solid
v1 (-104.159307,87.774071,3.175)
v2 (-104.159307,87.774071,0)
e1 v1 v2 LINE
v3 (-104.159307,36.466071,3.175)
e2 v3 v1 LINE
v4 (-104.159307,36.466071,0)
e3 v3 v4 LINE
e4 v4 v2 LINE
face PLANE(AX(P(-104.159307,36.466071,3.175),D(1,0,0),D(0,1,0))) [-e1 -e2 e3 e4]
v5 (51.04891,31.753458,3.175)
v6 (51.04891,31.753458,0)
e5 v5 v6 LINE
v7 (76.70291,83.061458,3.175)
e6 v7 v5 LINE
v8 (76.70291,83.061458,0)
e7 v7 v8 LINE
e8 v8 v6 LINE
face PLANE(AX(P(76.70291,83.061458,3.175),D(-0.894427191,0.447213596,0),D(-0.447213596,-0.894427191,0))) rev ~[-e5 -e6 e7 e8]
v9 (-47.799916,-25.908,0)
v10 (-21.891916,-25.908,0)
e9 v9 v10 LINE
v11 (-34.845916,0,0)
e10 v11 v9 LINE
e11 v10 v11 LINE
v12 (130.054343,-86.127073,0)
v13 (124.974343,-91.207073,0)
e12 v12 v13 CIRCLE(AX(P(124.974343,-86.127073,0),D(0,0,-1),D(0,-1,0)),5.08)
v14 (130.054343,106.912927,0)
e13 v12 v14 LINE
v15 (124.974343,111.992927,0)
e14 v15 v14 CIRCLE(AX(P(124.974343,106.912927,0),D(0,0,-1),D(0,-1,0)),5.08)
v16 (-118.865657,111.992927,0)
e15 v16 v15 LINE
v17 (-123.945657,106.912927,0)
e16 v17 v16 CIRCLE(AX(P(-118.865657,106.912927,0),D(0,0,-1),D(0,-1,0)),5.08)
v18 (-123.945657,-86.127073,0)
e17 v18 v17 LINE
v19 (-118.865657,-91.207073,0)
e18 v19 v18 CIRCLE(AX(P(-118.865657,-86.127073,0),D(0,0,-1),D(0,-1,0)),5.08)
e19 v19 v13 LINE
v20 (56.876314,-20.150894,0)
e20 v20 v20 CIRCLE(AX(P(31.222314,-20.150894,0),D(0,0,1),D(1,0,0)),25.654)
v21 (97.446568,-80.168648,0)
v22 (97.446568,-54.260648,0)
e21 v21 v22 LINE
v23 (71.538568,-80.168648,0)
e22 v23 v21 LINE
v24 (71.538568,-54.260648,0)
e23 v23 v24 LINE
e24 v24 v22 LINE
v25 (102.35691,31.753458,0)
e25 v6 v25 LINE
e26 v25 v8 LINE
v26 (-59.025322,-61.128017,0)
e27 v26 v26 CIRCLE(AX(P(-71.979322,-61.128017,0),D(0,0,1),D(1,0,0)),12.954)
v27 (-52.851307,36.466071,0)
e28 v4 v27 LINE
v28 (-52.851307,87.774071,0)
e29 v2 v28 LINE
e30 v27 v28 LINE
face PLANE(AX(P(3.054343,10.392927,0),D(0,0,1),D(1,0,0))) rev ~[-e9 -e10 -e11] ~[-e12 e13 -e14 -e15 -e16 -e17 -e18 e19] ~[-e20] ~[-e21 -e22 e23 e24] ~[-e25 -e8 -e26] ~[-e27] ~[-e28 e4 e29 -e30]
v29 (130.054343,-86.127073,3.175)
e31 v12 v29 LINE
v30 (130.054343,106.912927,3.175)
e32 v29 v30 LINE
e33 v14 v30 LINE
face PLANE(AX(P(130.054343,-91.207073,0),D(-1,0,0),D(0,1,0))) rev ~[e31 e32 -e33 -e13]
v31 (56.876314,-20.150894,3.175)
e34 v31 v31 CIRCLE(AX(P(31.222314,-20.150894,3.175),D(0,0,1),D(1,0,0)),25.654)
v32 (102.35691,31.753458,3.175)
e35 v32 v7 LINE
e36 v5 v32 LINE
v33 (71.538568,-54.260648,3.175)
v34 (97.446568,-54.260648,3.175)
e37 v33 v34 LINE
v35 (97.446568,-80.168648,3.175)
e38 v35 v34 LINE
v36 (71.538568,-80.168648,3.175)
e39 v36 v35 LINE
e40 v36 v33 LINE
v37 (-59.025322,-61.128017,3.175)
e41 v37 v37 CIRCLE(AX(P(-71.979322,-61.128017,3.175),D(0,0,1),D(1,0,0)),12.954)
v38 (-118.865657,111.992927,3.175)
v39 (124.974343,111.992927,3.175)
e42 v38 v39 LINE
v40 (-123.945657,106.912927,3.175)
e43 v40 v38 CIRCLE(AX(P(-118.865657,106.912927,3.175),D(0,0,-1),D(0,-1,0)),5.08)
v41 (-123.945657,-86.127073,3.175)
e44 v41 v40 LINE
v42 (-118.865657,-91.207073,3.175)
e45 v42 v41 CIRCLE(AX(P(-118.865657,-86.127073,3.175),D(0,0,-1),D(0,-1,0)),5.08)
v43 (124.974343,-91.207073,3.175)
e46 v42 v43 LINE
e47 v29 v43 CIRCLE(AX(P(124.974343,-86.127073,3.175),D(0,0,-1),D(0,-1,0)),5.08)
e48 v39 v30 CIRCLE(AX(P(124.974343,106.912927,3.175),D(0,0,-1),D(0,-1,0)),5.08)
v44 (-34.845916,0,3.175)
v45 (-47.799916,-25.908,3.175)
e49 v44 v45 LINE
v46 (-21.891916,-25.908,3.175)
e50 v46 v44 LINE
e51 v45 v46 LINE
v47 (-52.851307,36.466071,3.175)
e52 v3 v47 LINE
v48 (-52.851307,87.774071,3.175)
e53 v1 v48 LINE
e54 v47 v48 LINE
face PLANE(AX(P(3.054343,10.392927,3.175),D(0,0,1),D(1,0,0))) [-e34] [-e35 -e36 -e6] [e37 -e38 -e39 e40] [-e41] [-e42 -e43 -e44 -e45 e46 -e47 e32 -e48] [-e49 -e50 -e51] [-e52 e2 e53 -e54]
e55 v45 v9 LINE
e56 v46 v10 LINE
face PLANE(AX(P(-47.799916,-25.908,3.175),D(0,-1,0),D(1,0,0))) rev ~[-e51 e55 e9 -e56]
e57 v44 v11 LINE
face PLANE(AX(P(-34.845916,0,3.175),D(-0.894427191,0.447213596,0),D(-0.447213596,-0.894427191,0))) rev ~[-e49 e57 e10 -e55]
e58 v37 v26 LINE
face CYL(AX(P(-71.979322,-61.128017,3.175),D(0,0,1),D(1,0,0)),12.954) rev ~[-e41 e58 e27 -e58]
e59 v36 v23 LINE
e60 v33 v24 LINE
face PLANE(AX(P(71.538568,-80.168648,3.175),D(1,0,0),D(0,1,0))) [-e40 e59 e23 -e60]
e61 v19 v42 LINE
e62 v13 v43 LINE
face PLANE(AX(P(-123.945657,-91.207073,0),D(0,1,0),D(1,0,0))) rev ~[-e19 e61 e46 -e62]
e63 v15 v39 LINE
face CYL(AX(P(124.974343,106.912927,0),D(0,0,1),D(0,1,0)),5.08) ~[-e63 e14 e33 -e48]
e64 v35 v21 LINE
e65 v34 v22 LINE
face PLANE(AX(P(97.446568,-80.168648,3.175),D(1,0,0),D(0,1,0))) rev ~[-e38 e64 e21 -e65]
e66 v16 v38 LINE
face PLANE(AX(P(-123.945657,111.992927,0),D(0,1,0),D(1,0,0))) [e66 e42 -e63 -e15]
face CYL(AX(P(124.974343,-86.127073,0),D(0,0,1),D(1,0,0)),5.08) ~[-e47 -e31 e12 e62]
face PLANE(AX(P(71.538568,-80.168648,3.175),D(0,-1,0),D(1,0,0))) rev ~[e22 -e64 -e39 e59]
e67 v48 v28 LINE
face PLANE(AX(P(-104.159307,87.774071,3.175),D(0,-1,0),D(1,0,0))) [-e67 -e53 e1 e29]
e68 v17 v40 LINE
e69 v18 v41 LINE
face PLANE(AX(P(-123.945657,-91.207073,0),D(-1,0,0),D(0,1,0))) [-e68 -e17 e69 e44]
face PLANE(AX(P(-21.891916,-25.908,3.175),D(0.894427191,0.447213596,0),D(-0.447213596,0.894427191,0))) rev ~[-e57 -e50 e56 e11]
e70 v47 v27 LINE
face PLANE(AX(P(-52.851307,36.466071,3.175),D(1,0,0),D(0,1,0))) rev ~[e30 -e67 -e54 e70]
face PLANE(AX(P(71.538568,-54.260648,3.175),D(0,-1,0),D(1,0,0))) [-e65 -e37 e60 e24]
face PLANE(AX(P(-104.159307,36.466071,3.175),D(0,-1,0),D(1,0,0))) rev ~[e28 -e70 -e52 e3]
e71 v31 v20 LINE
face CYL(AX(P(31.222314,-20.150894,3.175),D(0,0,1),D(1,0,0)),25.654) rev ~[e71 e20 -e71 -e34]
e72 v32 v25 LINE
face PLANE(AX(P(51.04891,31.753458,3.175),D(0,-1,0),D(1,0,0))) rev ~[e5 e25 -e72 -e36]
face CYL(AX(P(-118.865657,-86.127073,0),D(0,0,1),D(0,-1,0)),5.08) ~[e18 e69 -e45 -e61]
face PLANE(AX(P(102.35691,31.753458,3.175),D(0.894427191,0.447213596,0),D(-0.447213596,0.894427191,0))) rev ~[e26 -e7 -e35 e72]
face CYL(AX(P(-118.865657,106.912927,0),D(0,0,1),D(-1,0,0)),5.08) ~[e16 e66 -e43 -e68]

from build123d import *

# Parameters (mm, degrees)
F0_W      = 254
F0_H      = 203.2
F1_DEPTH  = 3.175
F2_W      = 51.308
F2_H      = 51.308
F3_DEPTH  = 3.175
F4_W      = 25.908
F4_H      = 25.908
F5_DEPTH  = 3.175
F6_R      = 12.954
F7_DEPTH  = 3.175
F9_DEPTH  = 3.176
F10_R     = 25.654
F11_DEPTH = 3.175
F13_DEPTH = 3.175
F14_R     = 5.08
F15_R     = 5.08
F16_R     = 5.08
F17_R     = 5.08


with BuildPart() as f1:
    # F0 (on Top) → F1 (new body)
    with BuildSketch(Plane.XY):
        with Locations((3.054343, 10.392927)):
            Rectangle(F0_W, F0_H)
    extrude(amount=F1_DEPTH)

    # F2 (on face) → F3 (cut, through all)
    with BuildSketch(Plane.XY.offset(3.175)):
        with Locations((-78.505307, 62.120071)):
            Rectangle(F2_W, F2_H)
    extrude(amount=-F3_DEPTH, mode=Mode.SUBTRACT)

    # F4 (on face) → F5 (cut, through all)
    with BuildSketch(Plane.XY.offset(3.175)):
        with Locations((84.492568, -67.214648)):
            Rectangle(F4_W, F4_H)
    extrude(amount=-F5_DEPTH, mode=Mode.SUBTRACT)

    # F6 (on face) → F7 (cut, through all)
    with BuildSketch(Plane.XY.offset(3.175)):
        with Locations((-71.979322, -61.128017)):
            Circle(F6_R)
    extrude(amount=-F7_DEPTH, mode=Mode.SUBTRACT)

    # F8 (on face) → F9 (cut, through all)
    with BuildSketch(Plane.XY.offset(3.175)):
        Polygon((76.70291, 83.061458), (51.04891, 31.753458), (102.35691, 31.753458), align=None)
    extrude(amount=-F9_DEPTH, mode=Mode.SUBTRACT)

    # F10 (on face) → F11 (cut, through all)
    with BuildSketch(Plane.XY.offset(3.175)):
        with Locations((31.222314, -20.150894)):
            Circle(F10_R)
    extrude(amount=-F11_DEPTH, mode=Mode.SUBTRACT)

    # F12 (on face) → F13 (cut, through all)
    with BuildSketch(Plane.XY.offset(3.175)):
        Polygon((-34.845916, 0), (-47.799916, -25.908), (-21.891916, -25.908), align=None)
    extrude(amount=-F13_DEPTH, mode=Mode.SUBTRACT)

    # F14
    f14_edges = [f1.edges().sort_by_distance(p)[0] for p in [
        (-123.945657, 111.992927, 1.5875),
    ]]
    fillet(f14_edges, radius=F14_R)

    # F15
    f15_edges = [f1.edges().sort_by_distance(p)[0] for p in [
        (130.054343, 111.992927, 1.5875),
    ]]
    fillet(f15_edges, radius=F15_R)

    # F16
    f16_edges = [f1.edges().sort_by_distance(p)[0] for p in [
        (130.054343, -91.207073, 1.5875),
    ]]
    fillet(f16_edges, radius=F16_R)

    # F17
    f17_edges = [f1.edges().sort_by_distance(p)[0] for p in [
        (-123.945657, -91.207073, 1.5875),
    ]]
    fillet(f17_edges, radius=F17_R)


solid = f1.part
